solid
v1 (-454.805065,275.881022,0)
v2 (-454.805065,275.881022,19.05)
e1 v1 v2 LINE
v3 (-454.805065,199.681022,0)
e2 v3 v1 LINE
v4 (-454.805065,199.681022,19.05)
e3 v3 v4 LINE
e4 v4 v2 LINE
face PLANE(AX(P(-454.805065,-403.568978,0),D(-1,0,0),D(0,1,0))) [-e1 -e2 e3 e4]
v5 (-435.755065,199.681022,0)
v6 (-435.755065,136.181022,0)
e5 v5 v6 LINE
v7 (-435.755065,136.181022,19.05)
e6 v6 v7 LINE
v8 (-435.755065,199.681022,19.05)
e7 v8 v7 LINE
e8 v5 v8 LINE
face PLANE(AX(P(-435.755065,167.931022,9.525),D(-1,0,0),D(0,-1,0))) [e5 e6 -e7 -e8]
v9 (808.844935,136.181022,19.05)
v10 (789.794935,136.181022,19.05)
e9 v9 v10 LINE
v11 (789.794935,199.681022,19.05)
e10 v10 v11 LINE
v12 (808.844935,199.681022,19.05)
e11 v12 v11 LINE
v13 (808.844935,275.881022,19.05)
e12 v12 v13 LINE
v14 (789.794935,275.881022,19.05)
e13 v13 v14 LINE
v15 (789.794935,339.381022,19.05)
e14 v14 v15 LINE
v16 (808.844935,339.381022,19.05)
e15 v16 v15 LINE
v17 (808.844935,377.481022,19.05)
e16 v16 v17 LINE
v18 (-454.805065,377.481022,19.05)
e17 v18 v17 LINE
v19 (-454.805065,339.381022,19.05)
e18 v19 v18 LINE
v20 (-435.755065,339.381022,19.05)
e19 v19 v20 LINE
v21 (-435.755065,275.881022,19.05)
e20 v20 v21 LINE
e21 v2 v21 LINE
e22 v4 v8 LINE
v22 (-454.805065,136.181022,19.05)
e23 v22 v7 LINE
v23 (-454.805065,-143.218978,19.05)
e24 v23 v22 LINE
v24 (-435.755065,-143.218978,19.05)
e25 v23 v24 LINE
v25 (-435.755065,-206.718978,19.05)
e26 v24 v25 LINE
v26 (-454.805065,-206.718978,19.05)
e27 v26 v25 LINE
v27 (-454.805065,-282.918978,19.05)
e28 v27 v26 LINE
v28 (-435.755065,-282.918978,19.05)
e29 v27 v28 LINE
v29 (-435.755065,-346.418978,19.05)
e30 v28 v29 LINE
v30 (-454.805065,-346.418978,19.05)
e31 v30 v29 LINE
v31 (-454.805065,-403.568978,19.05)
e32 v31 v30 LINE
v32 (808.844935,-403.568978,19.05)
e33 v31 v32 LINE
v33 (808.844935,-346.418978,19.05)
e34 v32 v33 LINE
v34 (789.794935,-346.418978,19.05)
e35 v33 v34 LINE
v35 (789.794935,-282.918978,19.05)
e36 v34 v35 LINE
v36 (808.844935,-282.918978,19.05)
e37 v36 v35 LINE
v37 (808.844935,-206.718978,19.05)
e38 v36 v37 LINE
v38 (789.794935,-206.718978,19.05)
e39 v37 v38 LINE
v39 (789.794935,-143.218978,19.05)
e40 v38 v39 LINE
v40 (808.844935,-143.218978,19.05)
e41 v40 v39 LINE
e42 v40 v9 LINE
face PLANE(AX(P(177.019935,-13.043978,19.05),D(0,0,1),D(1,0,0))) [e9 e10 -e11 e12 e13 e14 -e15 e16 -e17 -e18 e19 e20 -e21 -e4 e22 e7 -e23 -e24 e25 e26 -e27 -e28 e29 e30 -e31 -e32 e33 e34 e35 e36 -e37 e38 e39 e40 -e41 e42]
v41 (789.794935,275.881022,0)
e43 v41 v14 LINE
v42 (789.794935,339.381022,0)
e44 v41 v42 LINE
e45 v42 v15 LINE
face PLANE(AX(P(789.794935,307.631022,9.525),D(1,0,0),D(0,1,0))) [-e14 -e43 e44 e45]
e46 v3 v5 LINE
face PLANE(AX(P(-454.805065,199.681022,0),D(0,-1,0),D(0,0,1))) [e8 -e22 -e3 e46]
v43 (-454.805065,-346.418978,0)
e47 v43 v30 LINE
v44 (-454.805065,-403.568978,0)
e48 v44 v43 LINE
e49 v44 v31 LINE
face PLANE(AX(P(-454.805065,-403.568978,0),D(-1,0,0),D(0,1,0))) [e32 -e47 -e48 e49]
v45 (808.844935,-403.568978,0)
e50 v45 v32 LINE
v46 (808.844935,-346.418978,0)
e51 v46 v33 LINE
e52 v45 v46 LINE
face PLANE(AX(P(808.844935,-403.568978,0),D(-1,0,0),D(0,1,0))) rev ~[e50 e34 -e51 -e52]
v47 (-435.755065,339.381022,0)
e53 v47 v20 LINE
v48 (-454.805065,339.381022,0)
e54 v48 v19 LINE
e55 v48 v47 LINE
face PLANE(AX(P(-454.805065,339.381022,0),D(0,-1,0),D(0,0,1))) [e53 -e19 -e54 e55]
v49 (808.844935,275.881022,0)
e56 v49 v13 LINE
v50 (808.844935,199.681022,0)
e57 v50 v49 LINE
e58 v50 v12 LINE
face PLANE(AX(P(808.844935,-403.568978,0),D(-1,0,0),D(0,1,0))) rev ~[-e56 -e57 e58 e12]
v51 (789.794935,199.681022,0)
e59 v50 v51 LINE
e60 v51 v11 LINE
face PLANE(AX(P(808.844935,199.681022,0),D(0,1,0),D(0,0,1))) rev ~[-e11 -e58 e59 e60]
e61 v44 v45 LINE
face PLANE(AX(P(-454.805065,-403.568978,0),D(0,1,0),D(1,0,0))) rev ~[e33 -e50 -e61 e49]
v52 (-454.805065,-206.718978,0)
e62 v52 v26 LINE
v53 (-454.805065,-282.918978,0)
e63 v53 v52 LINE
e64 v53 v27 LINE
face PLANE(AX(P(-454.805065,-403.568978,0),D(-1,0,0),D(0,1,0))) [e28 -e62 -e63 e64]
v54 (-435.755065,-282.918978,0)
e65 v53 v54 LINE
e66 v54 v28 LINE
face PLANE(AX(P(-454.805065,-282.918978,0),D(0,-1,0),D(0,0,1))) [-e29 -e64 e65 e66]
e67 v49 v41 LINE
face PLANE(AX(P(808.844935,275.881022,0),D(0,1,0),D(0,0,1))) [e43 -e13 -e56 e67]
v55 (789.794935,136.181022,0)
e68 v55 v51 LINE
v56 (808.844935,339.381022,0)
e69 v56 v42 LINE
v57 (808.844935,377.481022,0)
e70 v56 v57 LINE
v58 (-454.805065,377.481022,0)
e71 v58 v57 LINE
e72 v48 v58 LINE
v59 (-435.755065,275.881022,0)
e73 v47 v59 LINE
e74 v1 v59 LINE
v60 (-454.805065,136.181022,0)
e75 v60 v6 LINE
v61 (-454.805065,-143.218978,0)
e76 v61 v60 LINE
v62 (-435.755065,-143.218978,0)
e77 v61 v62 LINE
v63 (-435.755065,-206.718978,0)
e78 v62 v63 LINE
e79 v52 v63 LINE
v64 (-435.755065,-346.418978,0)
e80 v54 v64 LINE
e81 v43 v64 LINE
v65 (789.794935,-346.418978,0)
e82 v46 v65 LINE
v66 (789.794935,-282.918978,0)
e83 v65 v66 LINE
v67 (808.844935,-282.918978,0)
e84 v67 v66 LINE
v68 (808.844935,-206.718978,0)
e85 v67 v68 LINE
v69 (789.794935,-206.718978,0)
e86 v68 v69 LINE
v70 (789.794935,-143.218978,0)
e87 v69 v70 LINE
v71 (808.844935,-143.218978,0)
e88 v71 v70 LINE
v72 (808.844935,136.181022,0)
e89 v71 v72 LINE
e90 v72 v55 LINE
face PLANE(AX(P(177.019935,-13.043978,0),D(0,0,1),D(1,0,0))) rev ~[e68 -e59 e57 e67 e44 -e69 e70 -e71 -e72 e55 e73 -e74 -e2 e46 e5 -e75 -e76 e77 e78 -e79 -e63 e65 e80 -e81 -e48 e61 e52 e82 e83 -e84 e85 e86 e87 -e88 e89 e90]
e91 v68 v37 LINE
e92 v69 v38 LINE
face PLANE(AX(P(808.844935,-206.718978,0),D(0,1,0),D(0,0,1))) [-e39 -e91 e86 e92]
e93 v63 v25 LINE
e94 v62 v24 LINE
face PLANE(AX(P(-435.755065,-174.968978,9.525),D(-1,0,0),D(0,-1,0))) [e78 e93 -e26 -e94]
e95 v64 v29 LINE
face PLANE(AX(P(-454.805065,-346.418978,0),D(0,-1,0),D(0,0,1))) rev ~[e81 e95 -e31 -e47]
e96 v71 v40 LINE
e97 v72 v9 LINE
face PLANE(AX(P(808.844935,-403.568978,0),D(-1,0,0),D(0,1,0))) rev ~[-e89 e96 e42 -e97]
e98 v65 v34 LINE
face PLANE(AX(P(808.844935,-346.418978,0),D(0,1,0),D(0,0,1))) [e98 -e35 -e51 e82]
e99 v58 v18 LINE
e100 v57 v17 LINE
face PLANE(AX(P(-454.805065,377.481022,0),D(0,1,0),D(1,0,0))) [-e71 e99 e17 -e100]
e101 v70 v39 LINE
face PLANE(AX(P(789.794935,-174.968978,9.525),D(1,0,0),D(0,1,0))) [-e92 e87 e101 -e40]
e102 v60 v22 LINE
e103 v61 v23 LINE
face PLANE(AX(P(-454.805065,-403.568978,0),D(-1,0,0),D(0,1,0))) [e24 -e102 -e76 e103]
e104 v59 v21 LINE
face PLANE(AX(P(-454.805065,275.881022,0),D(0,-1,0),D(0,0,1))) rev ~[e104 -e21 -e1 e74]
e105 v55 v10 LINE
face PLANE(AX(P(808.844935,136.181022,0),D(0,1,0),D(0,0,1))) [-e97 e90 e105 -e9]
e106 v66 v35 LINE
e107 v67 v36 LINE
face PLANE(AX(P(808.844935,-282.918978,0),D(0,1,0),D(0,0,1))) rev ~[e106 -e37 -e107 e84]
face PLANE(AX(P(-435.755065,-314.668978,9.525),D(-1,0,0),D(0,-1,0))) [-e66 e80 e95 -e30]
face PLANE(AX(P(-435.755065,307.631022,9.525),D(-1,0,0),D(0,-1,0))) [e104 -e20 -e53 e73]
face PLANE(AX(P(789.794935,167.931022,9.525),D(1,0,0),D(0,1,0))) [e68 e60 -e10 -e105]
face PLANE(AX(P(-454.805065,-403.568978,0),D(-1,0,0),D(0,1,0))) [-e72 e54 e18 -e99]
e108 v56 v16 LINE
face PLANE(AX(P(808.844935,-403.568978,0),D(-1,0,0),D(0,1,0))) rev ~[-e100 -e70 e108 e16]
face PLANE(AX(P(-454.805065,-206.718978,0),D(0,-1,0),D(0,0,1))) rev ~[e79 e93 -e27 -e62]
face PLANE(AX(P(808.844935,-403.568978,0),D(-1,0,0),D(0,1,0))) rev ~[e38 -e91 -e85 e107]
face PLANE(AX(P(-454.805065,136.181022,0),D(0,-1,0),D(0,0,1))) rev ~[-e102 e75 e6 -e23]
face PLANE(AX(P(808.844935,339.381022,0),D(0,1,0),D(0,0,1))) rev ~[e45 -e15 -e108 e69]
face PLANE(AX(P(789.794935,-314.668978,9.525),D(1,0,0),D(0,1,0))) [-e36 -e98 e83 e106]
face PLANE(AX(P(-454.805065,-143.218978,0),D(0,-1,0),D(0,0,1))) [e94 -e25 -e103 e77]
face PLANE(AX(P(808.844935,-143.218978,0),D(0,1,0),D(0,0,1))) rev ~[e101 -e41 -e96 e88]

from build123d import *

# Parameters (mm, degrees)
F0_W     = 1263.65
F0_H     = 781.05
F1_DEPTH = 19.05
F2_W     = 63.5
F2_H     = 19.05
F3_DEPTH = 19.05
F4_W     = 63.5
F4_H     = 19.05
F5_DEPTH = 19.05


with BuildPart() as f1:
    # F0 (on Top) → F1 (new body)
    with BuildSketch(Plane.XY):
        with Locations((177.019935, -13.043978)):
            Rectangle(F0_W, F0_H)
    extrude(amount=F1_DEPTH)

    # F2 (on face) → F3 (cut)
    with BuildSketch(Plane.YZ.offset(808.844935)):
        with Locations((307.631022, 9.525)):
            Rectangle(F2_W, F2_H)
        with Locations((167.931022, 9.525)):
            Rectangle(F2_W, F2_H)
        with Locations((-174.968978, 9.525)):
            Rectangle(F2_W, F2_H)
        with Locations((-314.668978, 9.525)):
            Rectangle(F2_W, F2_H)
    extrude(amount=-F3_DEPTH, mode=Mode.SUBTRACT)

    # F4 (on face) → F5 (cut)
    with BuildSketch(Plane(origin=(-454.805065, 0, 0), x_dir=(0, -1, 0), z_dir=(-1, 0, 0))):
        with Locations((-167.931022, 9.525)):
            Rectangle(F4_W, F4_H)
        with Locations((174.968978, 9.525)):
            Rectangle(F4_W, F4_H)
        with Locations((314.668978, 9.525)):
            Rectangle(F4_W, F4_H)
        with Locations((-307.631022, 9.525)):
            Rectangle(F4_W, F4_H)
    extrude(amount=-F5_DEPTH, mode=Mode.SUBTRACT)


solid = f1.part
